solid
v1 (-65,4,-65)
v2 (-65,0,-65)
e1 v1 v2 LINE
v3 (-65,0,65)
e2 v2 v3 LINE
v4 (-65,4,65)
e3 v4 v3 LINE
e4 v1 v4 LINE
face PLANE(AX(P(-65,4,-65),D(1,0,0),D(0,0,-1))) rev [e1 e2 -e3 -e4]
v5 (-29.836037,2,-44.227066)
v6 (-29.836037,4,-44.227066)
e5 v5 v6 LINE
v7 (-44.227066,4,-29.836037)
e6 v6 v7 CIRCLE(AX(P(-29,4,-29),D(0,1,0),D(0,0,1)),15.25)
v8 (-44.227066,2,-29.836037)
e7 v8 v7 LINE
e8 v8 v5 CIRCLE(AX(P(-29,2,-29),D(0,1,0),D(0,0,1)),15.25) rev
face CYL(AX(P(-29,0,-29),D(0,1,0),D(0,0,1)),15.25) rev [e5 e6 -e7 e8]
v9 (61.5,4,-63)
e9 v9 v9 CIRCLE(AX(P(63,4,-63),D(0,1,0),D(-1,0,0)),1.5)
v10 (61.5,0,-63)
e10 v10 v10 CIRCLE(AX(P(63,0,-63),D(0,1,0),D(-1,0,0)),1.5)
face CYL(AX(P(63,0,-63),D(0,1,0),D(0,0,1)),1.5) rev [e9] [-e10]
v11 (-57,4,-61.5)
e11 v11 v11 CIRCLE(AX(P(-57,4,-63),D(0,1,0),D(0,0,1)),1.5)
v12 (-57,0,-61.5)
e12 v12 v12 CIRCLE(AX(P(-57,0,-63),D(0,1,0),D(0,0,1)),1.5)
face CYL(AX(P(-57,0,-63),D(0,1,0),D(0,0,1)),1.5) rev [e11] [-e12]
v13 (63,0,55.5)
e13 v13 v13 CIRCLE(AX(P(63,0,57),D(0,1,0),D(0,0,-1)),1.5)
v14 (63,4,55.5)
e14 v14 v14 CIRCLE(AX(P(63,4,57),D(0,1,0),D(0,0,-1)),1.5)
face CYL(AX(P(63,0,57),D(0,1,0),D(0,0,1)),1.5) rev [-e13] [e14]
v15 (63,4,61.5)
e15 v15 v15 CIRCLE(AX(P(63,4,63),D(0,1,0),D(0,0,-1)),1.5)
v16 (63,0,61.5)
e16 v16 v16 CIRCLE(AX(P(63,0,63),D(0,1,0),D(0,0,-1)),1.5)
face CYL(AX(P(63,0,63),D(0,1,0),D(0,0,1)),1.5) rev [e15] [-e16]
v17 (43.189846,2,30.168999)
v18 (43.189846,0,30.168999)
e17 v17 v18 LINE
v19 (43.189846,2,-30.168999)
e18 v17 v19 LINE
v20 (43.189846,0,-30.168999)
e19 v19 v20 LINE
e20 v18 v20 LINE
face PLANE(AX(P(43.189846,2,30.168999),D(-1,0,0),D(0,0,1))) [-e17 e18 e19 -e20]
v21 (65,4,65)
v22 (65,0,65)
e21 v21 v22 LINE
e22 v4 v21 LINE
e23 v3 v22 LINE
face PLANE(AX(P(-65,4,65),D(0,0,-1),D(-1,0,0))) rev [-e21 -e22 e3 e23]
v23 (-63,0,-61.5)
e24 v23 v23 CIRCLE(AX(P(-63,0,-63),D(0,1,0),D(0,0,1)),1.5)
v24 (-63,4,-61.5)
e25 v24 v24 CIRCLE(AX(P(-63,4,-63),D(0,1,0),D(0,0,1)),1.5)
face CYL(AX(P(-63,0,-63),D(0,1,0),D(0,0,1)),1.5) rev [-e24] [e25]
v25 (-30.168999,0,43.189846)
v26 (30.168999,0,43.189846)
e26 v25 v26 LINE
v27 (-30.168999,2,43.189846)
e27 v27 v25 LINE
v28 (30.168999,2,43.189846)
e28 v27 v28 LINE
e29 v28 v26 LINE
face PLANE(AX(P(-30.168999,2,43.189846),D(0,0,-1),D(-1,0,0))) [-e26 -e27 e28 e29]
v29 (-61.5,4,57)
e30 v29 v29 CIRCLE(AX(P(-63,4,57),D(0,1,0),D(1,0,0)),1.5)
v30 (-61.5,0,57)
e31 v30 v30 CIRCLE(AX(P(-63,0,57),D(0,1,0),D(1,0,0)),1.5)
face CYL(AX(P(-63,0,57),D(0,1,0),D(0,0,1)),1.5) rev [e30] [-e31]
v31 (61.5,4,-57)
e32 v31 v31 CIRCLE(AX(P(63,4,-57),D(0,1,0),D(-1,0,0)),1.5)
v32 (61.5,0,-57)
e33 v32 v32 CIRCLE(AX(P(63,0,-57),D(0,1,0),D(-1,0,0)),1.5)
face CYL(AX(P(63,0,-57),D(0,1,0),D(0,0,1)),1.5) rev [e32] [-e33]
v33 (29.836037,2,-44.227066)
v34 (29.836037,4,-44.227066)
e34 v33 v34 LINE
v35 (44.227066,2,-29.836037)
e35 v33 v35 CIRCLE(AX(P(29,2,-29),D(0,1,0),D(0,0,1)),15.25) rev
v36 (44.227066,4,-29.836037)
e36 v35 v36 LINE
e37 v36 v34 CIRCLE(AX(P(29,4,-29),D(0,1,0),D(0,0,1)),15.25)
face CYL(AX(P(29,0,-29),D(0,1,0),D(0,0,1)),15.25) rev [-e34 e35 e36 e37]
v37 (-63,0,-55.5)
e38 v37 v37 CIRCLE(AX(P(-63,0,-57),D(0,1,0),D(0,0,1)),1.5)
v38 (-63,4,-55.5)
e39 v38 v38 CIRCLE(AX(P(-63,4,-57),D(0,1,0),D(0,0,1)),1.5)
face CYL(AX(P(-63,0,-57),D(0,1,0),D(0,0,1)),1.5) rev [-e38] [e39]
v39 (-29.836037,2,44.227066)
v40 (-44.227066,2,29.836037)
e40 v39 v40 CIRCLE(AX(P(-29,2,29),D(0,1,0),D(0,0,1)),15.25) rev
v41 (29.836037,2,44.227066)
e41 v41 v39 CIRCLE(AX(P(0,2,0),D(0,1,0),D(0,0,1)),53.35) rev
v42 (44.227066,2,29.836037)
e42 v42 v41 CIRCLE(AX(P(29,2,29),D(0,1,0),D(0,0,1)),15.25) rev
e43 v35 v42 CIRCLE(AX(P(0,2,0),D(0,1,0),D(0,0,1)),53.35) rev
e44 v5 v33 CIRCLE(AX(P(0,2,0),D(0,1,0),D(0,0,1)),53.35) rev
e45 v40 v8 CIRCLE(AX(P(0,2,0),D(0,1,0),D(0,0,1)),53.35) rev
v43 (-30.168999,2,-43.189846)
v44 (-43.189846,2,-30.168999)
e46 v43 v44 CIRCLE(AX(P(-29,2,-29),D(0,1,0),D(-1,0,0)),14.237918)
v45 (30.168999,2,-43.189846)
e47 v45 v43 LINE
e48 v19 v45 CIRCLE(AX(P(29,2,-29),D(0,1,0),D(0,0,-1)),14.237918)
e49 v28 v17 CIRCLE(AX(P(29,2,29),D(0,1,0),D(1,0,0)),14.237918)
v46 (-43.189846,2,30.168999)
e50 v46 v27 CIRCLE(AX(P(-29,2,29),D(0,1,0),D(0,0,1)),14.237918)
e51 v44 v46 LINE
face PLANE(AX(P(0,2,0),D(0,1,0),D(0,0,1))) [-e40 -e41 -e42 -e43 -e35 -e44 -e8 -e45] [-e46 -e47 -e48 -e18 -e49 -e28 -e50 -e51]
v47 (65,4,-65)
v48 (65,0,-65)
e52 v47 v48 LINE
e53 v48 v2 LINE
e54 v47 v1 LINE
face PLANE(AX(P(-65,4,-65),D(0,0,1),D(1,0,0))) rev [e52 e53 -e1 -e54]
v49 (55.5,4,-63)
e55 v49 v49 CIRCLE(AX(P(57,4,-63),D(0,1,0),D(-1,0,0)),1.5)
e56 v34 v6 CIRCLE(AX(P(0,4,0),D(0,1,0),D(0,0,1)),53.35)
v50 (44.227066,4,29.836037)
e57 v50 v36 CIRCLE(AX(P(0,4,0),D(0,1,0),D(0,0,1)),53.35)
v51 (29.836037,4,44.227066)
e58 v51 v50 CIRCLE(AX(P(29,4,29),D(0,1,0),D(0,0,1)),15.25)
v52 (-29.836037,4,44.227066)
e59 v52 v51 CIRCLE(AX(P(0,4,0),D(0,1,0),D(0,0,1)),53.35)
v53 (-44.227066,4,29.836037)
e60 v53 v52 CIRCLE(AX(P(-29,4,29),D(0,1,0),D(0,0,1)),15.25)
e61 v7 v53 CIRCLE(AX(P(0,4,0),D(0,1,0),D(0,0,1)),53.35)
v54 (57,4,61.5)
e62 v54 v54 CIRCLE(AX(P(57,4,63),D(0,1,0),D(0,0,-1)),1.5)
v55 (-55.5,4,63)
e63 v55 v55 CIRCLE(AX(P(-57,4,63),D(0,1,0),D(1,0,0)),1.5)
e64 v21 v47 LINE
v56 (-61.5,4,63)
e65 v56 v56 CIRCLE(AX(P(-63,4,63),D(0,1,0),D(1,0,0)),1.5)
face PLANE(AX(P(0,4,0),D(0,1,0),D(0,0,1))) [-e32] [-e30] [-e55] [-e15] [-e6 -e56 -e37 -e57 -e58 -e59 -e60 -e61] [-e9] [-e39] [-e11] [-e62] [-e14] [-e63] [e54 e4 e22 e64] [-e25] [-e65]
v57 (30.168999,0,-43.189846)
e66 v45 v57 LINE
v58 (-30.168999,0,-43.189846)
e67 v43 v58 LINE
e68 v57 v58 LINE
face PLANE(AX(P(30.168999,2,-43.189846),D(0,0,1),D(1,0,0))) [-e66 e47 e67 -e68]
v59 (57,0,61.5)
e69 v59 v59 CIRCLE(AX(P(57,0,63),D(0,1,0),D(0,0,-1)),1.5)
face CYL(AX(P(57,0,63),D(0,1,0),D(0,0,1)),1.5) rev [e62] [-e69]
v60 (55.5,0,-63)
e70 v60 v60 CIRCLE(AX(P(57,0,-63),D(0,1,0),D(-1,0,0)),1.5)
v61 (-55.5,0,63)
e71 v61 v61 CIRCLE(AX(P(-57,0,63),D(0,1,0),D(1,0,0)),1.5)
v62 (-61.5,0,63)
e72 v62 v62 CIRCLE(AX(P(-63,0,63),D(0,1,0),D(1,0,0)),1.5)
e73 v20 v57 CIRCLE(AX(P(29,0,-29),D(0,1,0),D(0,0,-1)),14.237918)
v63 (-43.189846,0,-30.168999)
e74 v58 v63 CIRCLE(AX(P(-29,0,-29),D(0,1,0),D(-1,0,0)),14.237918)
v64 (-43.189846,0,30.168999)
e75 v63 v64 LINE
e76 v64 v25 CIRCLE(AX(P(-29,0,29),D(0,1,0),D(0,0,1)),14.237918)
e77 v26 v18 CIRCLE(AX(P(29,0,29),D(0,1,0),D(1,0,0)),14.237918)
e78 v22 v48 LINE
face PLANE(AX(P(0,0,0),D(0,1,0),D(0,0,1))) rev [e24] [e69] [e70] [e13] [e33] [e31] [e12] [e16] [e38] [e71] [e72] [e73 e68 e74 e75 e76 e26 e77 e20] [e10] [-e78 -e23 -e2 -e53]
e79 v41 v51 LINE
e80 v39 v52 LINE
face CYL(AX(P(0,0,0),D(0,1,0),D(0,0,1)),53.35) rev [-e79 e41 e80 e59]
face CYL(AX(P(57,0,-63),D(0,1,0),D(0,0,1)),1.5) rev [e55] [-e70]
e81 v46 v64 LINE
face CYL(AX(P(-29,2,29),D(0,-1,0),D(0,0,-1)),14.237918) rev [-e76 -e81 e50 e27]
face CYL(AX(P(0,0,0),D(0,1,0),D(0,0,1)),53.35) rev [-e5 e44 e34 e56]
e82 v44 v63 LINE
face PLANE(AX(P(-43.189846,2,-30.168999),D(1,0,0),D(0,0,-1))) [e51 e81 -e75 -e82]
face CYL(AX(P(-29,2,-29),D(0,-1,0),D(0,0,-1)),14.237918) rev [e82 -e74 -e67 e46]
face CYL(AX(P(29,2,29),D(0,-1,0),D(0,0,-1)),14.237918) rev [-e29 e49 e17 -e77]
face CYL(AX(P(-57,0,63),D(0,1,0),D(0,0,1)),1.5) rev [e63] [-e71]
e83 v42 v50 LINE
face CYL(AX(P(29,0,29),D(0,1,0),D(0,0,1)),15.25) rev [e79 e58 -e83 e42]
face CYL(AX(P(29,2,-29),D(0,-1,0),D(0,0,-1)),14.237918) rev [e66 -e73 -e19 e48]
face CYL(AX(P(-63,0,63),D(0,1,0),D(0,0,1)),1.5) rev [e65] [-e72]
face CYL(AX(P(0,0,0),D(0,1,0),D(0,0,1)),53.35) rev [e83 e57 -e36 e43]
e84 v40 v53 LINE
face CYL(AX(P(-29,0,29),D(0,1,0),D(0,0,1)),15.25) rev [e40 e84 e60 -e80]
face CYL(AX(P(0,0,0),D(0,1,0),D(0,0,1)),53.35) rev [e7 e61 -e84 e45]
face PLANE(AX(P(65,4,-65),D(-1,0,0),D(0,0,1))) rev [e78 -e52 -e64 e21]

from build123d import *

# Parameters (mm, degrees)
SKETCH1_W           = 130
SKETCH1_H           = 130
BOSS_EXTRUDE1_DEPTH = 4
CUT_EXTRUDE1_DEPTH  = 4
SKETCH6_W           = 60.337998114
SKETCH6_H           = 11.352835906
BOSS_EXTRUDE2_DEPTH = 2
CIRPATTERN1_COUNT   = 4
BOSS_EXTRUDE3_START = -2
BOSS_EXTRUDE3_DEPTH = 2
CIRPATTERN2_COUNT   = 4
SKETCH10_R          = 1.5
CUT_EXTRUDE2_DEPTH  = 93.010868923
CIRPATTERN3_COUNT   = 4


with BuildPart() as part:
    # Sketch1 → Boss-Extrude1 (new body)
    with BuildSketch(Plane(origin=(0, 0, 0), x_dir=(1, 0, 0), z_dir=(0, 1, 0))):
        Rectangle(SKETCH1_W, SKETCH1_H)
    extrude(amount=BOSS_EXTRUDE1_DEPTH)

    # Sketch5 → Cut-Extrude1 (cut)
    with BuildSketch(Plane(origin=(0, 4, 0), x_dir=(1, 0, 0), z_dir=(0, 1, 0))):
        with BuildLine():
            ThreePointArc((29.836037364, 44.227066084), (0, 53.35), (-29.836037364, 44.227066084))
            ThreePointArc((-29.836037364, 44.227066084), (-39.783378413, 39.783378413), (-44.227066084, 29.836037364))
            ThreePointArc((-44.227066084, 29.836037364), (-53.35, 0), (-44.227066084, -29.836037364))
            ThreePointArc((-44.227066084, -29.836037364), (-39.783378413, -39.783378413), (-29.836037364, -44.227066084))
            ThreePointArc((-29.836037364, -44.227066084), (0, -53.35), (29.836037364, -44.227066084))
            ThreePointArc((29.836037364, -44.227066084), (39.783378413, -39.783378413), (44.227066084, -29.836037364))
            ThreePointArc((44.227066084, -29.836037364), (53.35, 0), (44.227066084, 29.836037364))
            ThreePointArc((44.227066084, 29.836037364), (39.783378413, 39.783378413), (29.836037364, 44.227066084))
        make_face()
    extrude(amount=-CUT_EXTRUDE1_DEPTH, mode=Mode.SUBTRACT)

    # Sketch6 → Boss-Extrude2 (add)
    with BuildSketch(Plane.XZ):
        with Locations((0, 48.86626436)):
            Rectangle(SKETCH6_W, SKETCH6_H)
    boss_extrude2 = extrude(amount=-BOSS_EXTRUDE2_DEPTH)

    # CirPattern1: Boss-Extrude2 ×4 about axis
    cirpattern1_axis = Axis((0, 0, 0), (0, 1, 0))
    for i in range(1, CIRPATTERN1_COUNT):
        add(boss_extrude2.rotate(cirpattern1_axis, i * 360 / CIRPATTERN1_COUNT))

    # Sketch9 → Boss-Extrude3 (add)
    with BuildSketch(Plane.XZ.offset(BOSS_EXTRUDE3_START)):
        with BuildLine():
            Line((-30.168999057, 44.20512878), (-30.168999057, 43.189846407))
            ThreePointArc((-30.168999057, 43.189846407), (-39.067728141, 39.067728141), (-43.189846407, 30.168999057))
            Line((-43.189846407, 30.168999057), (-44.20512878, 30.168999057))
            ThreePointArc((-44.20512878, 30.168999057), (-39.783378413, 39.783378413), (-30.168999057, 44.20512878))
        make_face()
    boss_extrude3 = extrude(amount=BOSS_EXTRUDE3_DEPTH)

    # CirPattern2: Boss-Extrude3 ×4 about axis
    cirpattern2_axis = Axis((0, 0, 0), (0, 1, 0))
    for i in range(1, CIRPATTERN2_COUNT):
        add(boss_extrude3.rotate(cirpattern2_axis, i * 360 / CIRPATTERN2_COUNT))

    # Sketch10 → Cut-Extrude2 (cut, through all)
    with BuildSketch(Plane(origin=(0, 4, 0), x_dir=(1, 0, 0), z_dir=(0, 1, 0))):
        with Locations(Location((-63, 63, 0), (0, 0, 270))):
            Circle(SKETCH10_R)
        with Locations(Location((-57, 63, 0), (0, 0, 270))):
            Circle(SKETCH10_R)
        with Locations(Location((-63, 57, 0), (0, 0, 270))):
            Circle(SKETCH10_R)
    cut_extrude2 = extrude(amount=-CUT_EXTRUDE2_DEPTH, mode=Mode.SUBTRACT)

    # CirPattern3: Cut-Extrude2 ×4 about axis
    cirpattern3_axis = Axis((0, 0, 0), (0, 1, 0))
    for i in range(1, CIRPATTERN3_COUNT):
        add(cut_extrude2.rotate(cirpattern3_axis, i * 360 / CIRPATTERN3_COUNT), mode=Mode.SUBTRACT)


solid = part.part
